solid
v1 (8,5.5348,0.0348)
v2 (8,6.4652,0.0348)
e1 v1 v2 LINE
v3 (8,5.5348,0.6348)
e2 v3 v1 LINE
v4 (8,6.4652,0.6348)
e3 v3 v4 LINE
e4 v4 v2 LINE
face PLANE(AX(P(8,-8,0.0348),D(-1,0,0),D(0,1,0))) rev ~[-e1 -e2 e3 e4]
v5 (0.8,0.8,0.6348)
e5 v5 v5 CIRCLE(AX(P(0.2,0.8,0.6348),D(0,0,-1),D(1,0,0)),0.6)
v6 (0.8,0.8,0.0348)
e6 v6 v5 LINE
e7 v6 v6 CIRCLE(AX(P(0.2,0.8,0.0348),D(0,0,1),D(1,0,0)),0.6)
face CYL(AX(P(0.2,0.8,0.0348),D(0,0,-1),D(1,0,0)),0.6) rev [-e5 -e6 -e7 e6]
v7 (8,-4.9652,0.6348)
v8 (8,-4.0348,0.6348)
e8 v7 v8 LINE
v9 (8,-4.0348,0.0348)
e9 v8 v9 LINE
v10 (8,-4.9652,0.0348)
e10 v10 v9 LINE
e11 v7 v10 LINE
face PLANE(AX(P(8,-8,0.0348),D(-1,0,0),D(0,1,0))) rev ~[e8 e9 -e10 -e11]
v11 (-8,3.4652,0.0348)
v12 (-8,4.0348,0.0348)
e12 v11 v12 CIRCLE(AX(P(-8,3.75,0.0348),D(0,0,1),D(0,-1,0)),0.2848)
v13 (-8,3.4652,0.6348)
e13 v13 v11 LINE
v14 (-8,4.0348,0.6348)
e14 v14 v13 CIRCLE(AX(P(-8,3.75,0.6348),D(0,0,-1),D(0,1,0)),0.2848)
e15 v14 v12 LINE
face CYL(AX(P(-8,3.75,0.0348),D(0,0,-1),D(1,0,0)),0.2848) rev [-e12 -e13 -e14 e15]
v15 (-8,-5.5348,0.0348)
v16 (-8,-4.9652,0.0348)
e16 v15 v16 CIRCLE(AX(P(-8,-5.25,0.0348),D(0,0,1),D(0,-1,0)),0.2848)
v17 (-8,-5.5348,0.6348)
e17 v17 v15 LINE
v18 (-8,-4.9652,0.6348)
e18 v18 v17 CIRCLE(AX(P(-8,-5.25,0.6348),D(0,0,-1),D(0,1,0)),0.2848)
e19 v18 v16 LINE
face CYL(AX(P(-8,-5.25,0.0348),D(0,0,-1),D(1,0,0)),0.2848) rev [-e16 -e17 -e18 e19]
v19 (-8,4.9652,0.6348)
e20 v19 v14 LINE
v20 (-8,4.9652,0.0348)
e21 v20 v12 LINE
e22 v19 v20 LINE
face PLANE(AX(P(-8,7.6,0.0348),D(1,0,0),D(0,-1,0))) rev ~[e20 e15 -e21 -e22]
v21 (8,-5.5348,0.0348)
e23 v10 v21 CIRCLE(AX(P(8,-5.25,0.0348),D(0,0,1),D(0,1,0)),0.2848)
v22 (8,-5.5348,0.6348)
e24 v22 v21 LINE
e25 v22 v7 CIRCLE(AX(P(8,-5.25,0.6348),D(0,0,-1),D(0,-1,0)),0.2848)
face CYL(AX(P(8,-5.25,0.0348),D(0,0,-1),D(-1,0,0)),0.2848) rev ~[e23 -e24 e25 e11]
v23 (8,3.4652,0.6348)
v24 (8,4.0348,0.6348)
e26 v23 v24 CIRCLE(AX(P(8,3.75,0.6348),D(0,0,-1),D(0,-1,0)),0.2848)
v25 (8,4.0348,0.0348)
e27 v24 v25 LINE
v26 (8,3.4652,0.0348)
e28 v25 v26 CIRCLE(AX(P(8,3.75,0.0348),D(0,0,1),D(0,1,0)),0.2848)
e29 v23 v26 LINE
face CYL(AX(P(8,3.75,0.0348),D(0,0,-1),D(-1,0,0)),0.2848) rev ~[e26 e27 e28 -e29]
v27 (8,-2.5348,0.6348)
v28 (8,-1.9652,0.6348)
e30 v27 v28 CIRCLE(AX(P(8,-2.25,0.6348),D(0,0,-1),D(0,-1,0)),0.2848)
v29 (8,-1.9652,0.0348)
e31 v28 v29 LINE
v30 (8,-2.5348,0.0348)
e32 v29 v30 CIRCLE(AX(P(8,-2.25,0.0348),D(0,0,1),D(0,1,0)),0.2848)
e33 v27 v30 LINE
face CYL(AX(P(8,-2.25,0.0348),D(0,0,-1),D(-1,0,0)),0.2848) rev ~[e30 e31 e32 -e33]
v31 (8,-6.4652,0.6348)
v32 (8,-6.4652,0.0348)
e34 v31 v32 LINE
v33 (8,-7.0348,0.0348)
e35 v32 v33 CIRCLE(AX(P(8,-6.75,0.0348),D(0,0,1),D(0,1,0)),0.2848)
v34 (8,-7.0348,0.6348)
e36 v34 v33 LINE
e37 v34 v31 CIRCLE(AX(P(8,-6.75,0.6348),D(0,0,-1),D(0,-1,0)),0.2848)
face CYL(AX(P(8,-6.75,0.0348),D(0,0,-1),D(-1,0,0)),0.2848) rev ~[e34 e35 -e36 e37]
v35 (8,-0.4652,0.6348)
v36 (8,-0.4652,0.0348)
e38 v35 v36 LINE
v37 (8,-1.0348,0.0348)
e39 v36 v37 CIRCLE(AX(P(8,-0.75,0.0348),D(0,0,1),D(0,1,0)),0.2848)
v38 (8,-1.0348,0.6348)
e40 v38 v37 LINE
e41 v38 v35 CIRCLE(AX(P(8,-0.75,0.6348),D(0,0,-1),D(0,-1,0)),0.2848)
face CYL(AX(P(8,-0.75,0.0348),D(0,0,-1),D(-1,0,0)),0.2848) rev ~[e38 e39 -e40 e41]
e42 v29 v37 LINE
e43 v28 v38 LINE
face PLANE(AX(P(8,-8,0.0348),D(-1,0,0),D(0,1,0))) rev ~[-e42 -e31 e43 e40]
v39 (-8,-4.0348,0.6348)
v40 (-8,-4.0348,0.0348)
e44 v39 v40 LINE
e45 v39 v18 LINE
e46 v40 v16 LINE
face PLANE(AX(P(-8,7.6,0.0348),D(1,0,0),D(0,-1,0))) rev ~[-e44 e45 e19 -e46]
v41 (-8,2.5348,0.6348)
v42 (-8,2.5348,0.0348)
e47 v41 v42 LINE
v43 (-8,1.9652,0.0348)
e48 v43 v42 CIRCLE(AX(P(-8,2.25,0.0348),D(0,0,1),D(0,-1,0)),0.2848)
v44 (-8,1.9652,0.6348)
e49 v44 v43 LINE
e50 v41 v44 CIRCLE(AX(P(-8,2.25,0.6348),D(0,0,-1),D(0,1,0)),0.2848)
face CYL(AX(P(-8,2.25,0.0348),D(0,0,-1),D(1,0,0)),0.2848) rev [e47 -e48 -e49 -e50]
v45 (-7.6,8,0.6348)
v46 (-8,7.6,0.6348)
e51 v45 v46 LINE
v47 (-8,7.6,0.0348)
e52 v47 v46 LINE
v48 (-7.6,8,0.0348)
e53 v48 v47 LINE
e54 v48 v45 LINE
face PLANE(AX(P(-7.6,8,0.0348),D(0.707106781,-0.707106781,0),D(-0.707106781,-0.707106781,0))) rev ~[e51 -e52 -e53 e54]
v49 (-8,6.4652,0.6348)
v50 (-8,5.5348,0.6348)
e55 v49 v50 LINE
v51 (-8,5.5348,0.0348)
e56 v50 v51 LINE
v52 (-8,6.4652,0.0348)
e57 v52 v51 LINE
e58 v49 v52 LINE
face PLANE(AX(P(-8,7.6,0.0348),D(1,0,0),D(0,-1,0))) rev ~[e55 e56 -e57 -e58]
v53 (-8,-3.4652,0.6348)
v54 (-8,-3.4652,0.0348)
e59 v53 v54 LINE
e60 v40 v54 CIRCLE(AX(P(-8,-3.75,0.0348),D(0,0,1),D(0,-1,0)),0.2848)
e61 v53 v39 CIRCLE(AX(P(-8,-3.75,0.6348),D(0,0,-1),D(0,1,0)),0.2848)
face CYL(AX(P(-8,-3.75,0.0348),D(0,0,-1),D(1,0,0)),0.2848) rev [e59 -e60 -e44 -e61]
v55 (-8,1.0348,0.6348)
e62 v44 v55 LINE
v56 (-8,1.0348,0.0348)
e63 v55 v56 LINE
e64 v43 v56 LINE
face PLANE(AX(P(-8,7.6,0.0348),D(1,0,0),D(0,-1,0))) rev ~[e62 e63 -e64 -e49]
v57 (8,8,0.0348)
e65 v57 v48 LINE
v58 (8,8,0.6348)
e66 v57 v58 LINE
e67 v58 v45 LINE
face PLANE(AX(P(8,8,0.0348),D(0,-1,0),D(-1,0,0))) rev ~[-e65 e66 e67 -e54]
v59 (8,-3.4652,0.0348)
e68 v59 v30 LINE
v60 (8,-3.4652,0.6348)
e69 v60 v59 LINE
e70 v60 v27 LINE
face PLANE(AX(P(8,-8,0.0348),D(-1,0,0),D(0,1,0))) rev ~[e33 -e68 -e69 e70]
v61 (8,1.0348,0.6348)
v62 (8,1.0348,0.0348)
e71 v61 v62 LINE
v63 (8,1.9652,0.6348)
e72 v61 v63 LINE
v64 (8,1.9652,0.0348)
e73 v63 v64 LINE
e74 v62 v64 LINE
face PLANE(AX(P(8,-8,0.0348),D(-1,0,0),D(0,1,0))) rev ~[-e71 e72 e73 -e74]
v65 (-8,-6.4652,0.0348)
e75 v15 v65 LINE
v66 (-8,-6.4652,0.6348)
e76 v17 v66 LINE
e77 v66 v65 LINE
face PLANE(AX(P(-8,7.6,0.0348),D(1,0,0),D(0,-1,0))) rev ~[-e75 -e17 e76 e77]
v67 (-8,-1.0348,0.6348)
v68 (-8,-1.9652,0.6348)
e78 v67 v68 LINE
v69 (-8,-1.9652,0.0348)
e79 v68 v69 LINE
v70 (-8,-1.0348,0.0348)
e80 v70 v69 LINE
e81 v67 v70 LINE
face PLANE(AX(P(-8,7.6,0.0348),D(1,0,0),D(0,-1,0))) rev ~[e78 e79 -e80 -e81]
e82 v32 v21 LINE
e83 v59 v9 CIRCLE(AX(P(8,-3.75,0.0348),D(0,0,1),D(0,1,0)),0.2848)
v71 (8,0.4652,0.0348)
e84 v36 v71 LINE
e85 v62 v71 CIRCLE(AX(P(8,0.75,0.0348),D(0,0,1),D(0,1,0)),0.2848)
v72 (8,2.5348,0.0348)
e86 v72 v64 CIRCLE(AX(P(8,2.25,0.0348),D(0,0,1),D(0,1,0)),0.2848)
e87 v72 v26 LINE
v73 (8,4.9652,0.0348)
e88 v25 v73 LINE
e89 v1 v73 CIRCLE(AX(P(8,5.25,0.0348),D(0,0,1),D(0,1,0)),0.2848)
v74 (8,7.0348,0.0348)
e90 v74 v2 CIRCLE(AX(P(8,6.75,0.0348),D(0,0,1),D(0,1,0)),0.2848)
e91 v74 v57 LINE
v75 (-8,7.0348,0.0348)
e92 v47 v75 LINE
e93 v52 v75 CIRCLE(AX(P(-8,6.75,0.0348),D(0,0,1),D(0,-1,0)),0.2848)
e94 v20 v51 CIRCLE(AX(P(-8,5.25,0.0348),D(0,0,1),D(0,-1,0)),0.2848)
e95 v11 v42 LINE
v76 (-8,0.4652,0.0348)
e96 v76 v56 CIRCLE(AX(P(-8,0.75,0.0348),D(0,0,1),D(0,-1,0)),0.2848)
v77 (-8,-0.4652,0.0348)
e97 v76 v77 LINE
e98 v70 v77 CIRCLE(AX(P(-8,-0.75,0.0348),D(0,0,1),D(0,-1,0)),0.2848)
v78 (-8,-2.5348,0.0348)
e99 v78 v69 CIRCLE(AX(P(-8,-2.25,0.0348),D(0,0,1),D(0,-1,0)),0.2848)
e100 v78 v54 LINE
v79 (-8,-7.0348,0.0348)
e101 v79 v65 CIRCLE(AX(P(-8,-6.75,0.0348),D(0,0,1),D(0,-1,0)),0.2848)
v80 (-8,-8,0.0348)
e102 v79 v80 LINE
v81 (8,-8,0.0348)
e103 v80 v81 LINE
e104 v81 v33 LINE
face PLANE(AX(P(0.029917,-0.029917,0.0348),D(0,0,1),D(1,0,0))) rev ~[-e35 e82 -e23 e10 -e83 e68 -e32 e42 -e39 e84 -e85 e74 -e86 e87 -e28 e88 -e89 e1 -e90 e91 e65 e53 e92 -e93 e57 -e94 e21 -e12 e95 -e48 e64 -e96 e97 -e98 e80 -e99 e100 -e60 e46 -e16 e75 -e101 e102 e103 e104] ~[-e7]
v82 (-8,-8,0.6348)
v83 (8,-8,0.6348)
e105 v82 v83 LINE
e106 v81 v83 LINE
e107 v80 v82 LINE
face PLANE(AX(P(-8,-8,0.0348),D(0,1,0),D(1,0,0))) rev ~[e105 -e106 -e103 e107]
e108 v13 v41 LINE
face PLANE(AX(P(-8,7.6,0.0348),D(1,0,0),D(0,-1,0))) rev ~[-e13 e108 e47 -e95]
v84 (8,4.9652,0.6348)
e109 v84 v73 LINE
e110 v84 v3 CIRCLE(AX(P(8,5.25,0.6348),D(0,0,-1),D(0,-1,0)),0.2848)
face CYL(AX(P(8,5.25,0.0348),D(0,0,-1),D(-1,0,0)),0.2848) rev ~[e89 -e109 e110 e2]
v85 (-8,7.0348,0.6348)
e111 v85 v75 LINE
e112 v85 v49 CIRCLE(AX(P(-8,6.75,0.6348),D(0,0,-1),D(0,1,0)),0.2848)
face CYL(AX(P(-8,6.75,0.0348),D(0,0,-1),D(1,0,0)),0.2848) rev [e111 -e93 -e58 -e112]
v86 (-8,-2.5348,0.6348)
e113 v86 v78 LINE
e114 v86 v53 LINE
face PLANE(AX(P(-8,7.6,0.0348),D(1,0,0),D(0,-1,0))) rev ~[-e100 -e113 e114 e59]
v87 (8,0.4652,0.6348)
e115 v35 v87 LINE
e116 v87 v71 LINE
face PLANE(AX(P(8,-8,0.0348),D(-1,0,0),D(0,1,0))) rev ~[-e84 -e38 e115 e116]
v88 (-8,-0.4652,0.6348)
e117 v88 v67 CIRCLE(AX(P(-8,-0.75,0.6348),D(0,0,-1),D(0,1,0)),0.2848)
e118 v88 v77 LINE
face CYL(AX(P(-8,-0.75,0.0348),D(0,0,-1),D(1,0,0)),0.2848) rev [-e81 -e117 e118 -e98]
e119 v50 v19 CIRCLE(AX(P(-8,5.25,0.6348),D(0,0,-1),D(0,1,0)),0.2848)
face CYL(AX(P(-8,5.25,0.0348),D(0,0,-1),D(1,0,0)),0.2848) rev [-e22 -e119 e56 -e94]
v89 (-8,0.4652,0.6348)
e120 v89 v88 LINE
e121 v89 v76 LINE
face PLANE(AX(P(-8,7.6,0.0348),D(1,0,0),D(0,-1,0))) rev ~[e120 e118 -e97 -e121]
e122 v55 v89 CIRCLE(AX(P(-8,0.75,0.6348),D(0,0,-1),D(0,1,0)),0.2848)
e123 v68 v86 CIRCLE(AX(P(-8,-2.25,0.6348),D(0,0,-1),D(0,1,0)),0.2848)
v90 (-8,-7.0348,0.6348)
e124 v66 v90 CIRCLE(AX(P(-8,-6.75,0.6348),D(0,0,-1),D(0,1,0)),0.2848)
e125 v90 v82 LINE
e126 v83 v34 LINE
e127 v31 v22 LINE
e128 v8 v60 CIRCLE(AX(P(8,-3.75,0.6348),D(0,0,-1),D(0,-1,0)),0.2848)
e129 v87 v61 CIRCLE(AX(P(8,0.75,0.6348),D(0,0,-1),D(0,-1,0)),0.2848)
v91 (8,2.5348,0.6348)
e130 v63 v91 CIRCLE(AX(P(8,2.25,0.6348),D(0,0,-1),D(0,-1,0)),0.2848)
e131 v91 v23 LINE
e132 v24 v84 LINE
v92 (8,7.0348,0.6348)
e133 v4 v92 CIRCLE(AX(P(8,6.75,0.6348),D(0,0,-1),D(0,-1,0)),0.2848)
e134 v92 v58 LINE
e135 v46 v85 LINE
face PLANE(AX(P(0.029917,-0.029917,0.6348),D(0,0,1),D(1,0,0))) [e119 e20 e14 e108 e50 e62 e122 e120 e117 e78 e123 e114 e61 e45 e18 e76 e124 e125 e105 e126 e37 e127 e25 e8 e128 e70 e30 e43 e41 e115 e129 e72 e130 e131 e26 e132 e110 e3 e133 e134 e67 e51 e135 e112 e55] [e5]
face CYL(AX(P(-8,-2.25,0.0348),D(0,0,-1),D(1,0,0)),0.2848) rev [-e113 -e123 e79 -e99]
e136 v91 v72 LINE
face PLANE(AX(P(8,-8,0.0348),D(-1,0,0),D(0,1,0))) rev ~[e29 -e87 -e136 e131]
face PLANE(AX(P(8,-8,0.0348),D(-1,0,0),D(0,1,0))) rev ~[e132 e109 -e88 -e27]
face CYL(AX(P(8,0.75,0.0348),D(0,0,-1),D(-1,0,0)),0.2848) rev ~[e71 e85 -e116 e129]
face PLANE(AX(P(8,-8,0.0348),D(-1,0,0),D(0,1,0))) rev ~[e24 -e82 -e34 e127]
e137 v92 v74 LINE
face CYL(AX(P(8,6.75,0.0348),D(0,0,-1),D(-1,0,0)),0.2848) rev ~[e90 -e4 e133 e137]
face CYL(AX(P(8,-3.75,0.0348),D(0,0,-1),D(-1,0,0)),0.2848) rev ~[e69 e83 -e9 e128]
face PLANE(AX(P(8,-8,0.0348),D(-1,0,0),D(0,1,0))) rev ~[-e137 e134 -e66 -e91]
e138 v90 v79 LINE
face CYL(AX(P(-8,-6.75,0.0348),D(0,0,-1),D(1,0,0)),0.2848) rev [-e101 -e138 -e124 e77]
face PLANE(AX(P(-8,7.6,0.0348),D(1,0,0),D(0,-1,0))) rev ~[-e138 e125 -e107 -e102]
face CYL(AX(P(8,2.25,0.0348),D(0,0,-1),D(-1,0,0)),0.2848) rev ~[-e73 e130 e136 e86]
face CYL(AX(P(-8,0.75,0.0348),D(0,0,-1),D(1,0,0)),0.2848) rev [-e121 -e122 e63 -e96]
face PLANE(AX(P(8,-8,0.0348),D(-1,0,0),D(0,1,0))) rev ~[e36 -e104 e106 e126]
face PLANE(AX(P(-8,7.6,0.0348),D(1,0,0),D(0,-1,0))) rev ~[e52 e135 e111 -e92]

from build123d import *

# Parameters (mm, degrees)
PAD_DEPTH                        = 0.6
SKETCH001_R                      = 0.6
POCKET_DEPTH                     = 0.601
SKETCH002_R                      = 0.2848
POCKET001_DEPTH                  = 45.871741
SKETCH002_LINEARPATTERN_2_R      = 0.2848
POCKET001_LINEARPATTERN_2_DEPTH  = 45.871741
SKETCH002_LINEARPATTERN_3_R      = 0.2848
POCKET001_LINEARPATTERN_3_DEPTH  = 45.871741
SKETCH002_LINEARPATTERN_4_R      = 0.2848
POCKET001_LINEARPATTERN_4_DEPTH  = 45.871741
SKETCH002_LINEARPATTERN_5_R      = 0.2848
POCKET001_LINEARPATTERN_5_DEPTH  = 45.871741
SKETCH002_LINEARPATTERN_6_R      = 0.2848
POCKET001_LINEARPATTERN_6_DEPTH  = 45.871741
SKETCH002_LINEARPATTERN_7_R      = 0.2848
POCKET001_LINEARPATTERN_7_DEPTH  = 45.871741
SKETCH002_LINEARPATTERN_8_R      = 0.2848
POCKET001_LINEARPATTERN_8_DEPTH  = 45.871741
SKETCH002_LINEARPATTERN_9_R      = 0.2848
POCKET001_LINEARPATTERN_9_DEPTH  = 45.871741
SKETCH002_LINEARPATTERN_10_R     = 0.2848
POCKET001_LINEARPATTERN_10_DEPTH = 45.871741


with BuildPart() as part:
    # Sketch → Pad (new body)
    with BuildSketch(Plane.XY):
        Polygon((-8, -8), (8, -8), (8, 8), (-7.6, 8), (-8, 7.6), align=None)
    extrude(amount=PAD_DEPTH)

    # Sketch001 → Pocket (cut, through all)
    with BuildSketch(Plane.XY):
        with Locations((0.2, 0.8)):
            Circle(SKETCH001_R)
    extrude(amount=POCKET_DEPTH, mode=Mode.SUBTRACT)

    # Sketch002 → Pocket001 (cut, through all)
    with BuildSketch(Plane.XY):
        with Locations((-8, 6.75)):
            Circle(SKETCH002_R)
    pocket001 = extrude(amount=POCKET001_DEPTH, mode=Mode.SUBTRACT)

    # Sketch002 LinearPattern 2 → Pocket001 LinearPattern 2 (cut, through all)
    with BuildSketch(Plane(origin=(0, -1.5, 0), x_dir=(1, 0, 0), z_dir=(0, 0, 1))):
        with Locations((-8, 6.75)):
            Circle(SKETCH002_LINEARPATTERN_2_R)
    pocket001_linearpattern_2 = extrude(amount=POCKET001_LINEARPATTERN_2_DEPTH, mode=Mode.SUBTRACT)

    # Sketch002 LinearPattern 3 → Pocket001 LinearPattern 3 (cut, through all)
    with BuildSketch(Plane(origin=(0, -3, 0), x_dir=(1, 0, 0), z_dir=(0, 0, 1))):
        with Locations((-8, 6.75)):
            Circle(SKETCH002_LINEARPATTERN_3_R)
    pocket001_linearpattern_3 = extrude(amount=POCKET001_LINEARPATTERN_3_DEPTH, mode=Mode.SUBTRACT)

    # Sketch002 LinearPattern 4 → Pocket001 LinearPattern 4 (cut, through all)
    with BuildSketch(Plane(origin=(0, -4.5, 0), x_dir=(1, 0, 0), z_dir=(0, 0, 1))):
        with Locations((-8, 6.75)):
            Circle(SKETCH002_LINEARPATTERN_4_R)
    pocket001_linearpattern_4 = extrude(amount=POCKET001_LINEARPATTERN_4_DEPTH, mode=Mode.SUBTRACT)

    # Sketch002 LinearPattern 5 → Pocket001 LinearPattern 5 (cut, through all)
    with BuildSketch(Plane(origin=(0, -6, 0), x_dir=(1, 0, 0), z_dir=(0, 0, 1))):
        with Locations((-8, 6.75)):
            Circle(SKETCH002_LINEARPATTERN_5_R)
    pocket001_linearpattern_5 = extrude(amount=POCKET001_LINEARPATTERN_5_DEPTH, mode=Mode.SUBTRACT)

    # Sketch002 LinearPattern 6 → Pocket001 LinearPattern 6 (cut, through all)
    with BuildSketch(Plane(origin=(0, -7.5, 0), x_dir=(1, 0, 0), z_dir=(0, 0, 1))):
        with Locations((-8, 6.75)):
            Circle(SKETCH002_LINEARPATTERN_6_R)
    pocket001_linearpattern_6 = extrude(amount=POCKET001_LINEARPATTERN_6_DEPTH, mode=Mode.SUBTRACT)

    # Sketch002 LinearPattern 7 → Pocket001 LinearPattern 7 (cut, through all)
    with BuildSketch(Plane(origin=(0, -9, 0), x_dir=(1, 0, 0), z_dir=(0, 0, 1))):
        with Locations((-8, 6.75)):
            Circle(SKETCH002_LINEARPATTERN_7_R)
    pocket001_linearpattern_7 = extrude(amount=POCKET001_LINEARPATTERN_7_DEPTH, mode=Mode.SUBTRACT)

    # Sketch002 LinearPattern 8 → Pocket001 LinearPattern 8 (cut, through all)
    with BuildSketch(Plane(origin=(0, -10.5, 0), x_dir=(1, 0, 0), z_dir=(0, 0, 1))):
        with Locations((-8, 6.75)):
            Circle(SKETCH002_LINEARPATTERN_8_R)
    pocket001_linearpattern_8 = extrude(amount=POCKET001_LINEARPATTERN_8_DEPTH, mode=Mode.SUBTRACT)

    # Sketch002 LinearPattern 9 → Pocket001 LinearPattern 9 (cut, through all)
    with BuildSketch(Plane(origin=(0, -12, 0), x_dir=(1, 0, 0), z_dir=(0, 0, 1))):
        with Locations((-8, 6.75)):
            Circle(SKETCH002_LINEARPATTERN_9_R)
    pocket001_linearpattern_9 = extrude(amount=POCKET001_LINEARPATTERN_9_DEPTH, mode=Mode.SUBTRACT)

    # Sketch002 LinearPattern 10 → Pocket001 LinearPattern 10 (cut, through all)
    with BuildSketch(Plane(origin=(0, -13.5, 0), x_dir=(1, 0, 0), z_dir=(0, 0, 1))):
        with Locations((-8, 6.75)):
            Circle(SKETCH002_LINEARPATTERN_10_R)
    pocket001_linearpattern_10 = extrude(amount=POCKET001_LINEARPATTERN_10_DEPTH, mode=Mode.SUBTRACT)

    # Mirrored: Pocket001, Pocket001 LinearPattern 2, Pocket001 LinearPattern 3, Pocket001 LinearPattern 4, Pocket001 LinearPattern 5, Pocket001 LinearPattern 6, Pocket001 LinearPattern 7, Pocket001 LinearPattern 8, Pocket001 LinearPattern 9, Pocket001 LinearPattern 10 across Sketch002 V_Axis
    add(pocket001.mirror(Plane(origin=(0, 0, 0), x_dir=(0, 0, 1), z_dir=(1, 0, 0))), mode=Mode.SUBTRACT)
    add(pocket001_linearpattern_2.mirror(Plane(origin=(0, 0, 0), x_dir=(0, 0, 1), z_dir=(1, 0, 0))), mode=Mode.SUBTRACT)
    add(pocket001_linearpattern_3.mirror(Plane(origin=(0, 0, 0), x_dir=(0, 0, 1), z_dir=(1, 0, 0))), mode=Mode.SUBTRACT)
    add(pocket001_linearpattern_4.mirror(Plane(origin=(0, 0, 0), x_dir=(0, 0, 1), z_dir=(1, 0, 0))), mode=Mode.SUBTRACT)
    add(pocket001_linearpattern_5.mirror(Plane(origin=(0, 0, 0), x_dir=(0, 0, 1), z_dir=(1, 0, 0))), mode=Mode.SUBTRACT)
    add(pocket001_linearpattern_6.mirror(Plane(origin=(0, 0, 0), x_dir=(0, 0, 1), z_dir=(1, 0, 0))), mode=Mode.SUBTRACT)
    add(pocket001_linearpattern_7.mirror(Plane(origin=(0, 0, 0), x_dir=(0, 0, 1), z_dir=(1, 0, 0))), mode=Mode.SUBTRACT)
    add(pocket001_linearpattern_8.mirror(Plane(origin=(0, 0, 0), x_dir=(0, 0, 1), z_dir=(1, 0, 0))), mode=Mode.SUBTRACT)
    add(pocket001_linearpattern_9.mirror(Plane(origin=(0, 0, 0), x_dir=(0, 0, 1), z_dir=(1, 0, 0))), mode=Mode.SUBTRACT)
    add(pocket001_linearpattern_10.mirror(Plane(origin=(0, 0, 0), x_dir=(0, 0, 1), z_dir=(1, 0, 0))), mode=Mode.SUBTRACT)


with BuildPart() as part_1:
    # Body placement: moved
    add(part.part.moved(Location((0, 0, 0.0348))))


solid = part_1.part
